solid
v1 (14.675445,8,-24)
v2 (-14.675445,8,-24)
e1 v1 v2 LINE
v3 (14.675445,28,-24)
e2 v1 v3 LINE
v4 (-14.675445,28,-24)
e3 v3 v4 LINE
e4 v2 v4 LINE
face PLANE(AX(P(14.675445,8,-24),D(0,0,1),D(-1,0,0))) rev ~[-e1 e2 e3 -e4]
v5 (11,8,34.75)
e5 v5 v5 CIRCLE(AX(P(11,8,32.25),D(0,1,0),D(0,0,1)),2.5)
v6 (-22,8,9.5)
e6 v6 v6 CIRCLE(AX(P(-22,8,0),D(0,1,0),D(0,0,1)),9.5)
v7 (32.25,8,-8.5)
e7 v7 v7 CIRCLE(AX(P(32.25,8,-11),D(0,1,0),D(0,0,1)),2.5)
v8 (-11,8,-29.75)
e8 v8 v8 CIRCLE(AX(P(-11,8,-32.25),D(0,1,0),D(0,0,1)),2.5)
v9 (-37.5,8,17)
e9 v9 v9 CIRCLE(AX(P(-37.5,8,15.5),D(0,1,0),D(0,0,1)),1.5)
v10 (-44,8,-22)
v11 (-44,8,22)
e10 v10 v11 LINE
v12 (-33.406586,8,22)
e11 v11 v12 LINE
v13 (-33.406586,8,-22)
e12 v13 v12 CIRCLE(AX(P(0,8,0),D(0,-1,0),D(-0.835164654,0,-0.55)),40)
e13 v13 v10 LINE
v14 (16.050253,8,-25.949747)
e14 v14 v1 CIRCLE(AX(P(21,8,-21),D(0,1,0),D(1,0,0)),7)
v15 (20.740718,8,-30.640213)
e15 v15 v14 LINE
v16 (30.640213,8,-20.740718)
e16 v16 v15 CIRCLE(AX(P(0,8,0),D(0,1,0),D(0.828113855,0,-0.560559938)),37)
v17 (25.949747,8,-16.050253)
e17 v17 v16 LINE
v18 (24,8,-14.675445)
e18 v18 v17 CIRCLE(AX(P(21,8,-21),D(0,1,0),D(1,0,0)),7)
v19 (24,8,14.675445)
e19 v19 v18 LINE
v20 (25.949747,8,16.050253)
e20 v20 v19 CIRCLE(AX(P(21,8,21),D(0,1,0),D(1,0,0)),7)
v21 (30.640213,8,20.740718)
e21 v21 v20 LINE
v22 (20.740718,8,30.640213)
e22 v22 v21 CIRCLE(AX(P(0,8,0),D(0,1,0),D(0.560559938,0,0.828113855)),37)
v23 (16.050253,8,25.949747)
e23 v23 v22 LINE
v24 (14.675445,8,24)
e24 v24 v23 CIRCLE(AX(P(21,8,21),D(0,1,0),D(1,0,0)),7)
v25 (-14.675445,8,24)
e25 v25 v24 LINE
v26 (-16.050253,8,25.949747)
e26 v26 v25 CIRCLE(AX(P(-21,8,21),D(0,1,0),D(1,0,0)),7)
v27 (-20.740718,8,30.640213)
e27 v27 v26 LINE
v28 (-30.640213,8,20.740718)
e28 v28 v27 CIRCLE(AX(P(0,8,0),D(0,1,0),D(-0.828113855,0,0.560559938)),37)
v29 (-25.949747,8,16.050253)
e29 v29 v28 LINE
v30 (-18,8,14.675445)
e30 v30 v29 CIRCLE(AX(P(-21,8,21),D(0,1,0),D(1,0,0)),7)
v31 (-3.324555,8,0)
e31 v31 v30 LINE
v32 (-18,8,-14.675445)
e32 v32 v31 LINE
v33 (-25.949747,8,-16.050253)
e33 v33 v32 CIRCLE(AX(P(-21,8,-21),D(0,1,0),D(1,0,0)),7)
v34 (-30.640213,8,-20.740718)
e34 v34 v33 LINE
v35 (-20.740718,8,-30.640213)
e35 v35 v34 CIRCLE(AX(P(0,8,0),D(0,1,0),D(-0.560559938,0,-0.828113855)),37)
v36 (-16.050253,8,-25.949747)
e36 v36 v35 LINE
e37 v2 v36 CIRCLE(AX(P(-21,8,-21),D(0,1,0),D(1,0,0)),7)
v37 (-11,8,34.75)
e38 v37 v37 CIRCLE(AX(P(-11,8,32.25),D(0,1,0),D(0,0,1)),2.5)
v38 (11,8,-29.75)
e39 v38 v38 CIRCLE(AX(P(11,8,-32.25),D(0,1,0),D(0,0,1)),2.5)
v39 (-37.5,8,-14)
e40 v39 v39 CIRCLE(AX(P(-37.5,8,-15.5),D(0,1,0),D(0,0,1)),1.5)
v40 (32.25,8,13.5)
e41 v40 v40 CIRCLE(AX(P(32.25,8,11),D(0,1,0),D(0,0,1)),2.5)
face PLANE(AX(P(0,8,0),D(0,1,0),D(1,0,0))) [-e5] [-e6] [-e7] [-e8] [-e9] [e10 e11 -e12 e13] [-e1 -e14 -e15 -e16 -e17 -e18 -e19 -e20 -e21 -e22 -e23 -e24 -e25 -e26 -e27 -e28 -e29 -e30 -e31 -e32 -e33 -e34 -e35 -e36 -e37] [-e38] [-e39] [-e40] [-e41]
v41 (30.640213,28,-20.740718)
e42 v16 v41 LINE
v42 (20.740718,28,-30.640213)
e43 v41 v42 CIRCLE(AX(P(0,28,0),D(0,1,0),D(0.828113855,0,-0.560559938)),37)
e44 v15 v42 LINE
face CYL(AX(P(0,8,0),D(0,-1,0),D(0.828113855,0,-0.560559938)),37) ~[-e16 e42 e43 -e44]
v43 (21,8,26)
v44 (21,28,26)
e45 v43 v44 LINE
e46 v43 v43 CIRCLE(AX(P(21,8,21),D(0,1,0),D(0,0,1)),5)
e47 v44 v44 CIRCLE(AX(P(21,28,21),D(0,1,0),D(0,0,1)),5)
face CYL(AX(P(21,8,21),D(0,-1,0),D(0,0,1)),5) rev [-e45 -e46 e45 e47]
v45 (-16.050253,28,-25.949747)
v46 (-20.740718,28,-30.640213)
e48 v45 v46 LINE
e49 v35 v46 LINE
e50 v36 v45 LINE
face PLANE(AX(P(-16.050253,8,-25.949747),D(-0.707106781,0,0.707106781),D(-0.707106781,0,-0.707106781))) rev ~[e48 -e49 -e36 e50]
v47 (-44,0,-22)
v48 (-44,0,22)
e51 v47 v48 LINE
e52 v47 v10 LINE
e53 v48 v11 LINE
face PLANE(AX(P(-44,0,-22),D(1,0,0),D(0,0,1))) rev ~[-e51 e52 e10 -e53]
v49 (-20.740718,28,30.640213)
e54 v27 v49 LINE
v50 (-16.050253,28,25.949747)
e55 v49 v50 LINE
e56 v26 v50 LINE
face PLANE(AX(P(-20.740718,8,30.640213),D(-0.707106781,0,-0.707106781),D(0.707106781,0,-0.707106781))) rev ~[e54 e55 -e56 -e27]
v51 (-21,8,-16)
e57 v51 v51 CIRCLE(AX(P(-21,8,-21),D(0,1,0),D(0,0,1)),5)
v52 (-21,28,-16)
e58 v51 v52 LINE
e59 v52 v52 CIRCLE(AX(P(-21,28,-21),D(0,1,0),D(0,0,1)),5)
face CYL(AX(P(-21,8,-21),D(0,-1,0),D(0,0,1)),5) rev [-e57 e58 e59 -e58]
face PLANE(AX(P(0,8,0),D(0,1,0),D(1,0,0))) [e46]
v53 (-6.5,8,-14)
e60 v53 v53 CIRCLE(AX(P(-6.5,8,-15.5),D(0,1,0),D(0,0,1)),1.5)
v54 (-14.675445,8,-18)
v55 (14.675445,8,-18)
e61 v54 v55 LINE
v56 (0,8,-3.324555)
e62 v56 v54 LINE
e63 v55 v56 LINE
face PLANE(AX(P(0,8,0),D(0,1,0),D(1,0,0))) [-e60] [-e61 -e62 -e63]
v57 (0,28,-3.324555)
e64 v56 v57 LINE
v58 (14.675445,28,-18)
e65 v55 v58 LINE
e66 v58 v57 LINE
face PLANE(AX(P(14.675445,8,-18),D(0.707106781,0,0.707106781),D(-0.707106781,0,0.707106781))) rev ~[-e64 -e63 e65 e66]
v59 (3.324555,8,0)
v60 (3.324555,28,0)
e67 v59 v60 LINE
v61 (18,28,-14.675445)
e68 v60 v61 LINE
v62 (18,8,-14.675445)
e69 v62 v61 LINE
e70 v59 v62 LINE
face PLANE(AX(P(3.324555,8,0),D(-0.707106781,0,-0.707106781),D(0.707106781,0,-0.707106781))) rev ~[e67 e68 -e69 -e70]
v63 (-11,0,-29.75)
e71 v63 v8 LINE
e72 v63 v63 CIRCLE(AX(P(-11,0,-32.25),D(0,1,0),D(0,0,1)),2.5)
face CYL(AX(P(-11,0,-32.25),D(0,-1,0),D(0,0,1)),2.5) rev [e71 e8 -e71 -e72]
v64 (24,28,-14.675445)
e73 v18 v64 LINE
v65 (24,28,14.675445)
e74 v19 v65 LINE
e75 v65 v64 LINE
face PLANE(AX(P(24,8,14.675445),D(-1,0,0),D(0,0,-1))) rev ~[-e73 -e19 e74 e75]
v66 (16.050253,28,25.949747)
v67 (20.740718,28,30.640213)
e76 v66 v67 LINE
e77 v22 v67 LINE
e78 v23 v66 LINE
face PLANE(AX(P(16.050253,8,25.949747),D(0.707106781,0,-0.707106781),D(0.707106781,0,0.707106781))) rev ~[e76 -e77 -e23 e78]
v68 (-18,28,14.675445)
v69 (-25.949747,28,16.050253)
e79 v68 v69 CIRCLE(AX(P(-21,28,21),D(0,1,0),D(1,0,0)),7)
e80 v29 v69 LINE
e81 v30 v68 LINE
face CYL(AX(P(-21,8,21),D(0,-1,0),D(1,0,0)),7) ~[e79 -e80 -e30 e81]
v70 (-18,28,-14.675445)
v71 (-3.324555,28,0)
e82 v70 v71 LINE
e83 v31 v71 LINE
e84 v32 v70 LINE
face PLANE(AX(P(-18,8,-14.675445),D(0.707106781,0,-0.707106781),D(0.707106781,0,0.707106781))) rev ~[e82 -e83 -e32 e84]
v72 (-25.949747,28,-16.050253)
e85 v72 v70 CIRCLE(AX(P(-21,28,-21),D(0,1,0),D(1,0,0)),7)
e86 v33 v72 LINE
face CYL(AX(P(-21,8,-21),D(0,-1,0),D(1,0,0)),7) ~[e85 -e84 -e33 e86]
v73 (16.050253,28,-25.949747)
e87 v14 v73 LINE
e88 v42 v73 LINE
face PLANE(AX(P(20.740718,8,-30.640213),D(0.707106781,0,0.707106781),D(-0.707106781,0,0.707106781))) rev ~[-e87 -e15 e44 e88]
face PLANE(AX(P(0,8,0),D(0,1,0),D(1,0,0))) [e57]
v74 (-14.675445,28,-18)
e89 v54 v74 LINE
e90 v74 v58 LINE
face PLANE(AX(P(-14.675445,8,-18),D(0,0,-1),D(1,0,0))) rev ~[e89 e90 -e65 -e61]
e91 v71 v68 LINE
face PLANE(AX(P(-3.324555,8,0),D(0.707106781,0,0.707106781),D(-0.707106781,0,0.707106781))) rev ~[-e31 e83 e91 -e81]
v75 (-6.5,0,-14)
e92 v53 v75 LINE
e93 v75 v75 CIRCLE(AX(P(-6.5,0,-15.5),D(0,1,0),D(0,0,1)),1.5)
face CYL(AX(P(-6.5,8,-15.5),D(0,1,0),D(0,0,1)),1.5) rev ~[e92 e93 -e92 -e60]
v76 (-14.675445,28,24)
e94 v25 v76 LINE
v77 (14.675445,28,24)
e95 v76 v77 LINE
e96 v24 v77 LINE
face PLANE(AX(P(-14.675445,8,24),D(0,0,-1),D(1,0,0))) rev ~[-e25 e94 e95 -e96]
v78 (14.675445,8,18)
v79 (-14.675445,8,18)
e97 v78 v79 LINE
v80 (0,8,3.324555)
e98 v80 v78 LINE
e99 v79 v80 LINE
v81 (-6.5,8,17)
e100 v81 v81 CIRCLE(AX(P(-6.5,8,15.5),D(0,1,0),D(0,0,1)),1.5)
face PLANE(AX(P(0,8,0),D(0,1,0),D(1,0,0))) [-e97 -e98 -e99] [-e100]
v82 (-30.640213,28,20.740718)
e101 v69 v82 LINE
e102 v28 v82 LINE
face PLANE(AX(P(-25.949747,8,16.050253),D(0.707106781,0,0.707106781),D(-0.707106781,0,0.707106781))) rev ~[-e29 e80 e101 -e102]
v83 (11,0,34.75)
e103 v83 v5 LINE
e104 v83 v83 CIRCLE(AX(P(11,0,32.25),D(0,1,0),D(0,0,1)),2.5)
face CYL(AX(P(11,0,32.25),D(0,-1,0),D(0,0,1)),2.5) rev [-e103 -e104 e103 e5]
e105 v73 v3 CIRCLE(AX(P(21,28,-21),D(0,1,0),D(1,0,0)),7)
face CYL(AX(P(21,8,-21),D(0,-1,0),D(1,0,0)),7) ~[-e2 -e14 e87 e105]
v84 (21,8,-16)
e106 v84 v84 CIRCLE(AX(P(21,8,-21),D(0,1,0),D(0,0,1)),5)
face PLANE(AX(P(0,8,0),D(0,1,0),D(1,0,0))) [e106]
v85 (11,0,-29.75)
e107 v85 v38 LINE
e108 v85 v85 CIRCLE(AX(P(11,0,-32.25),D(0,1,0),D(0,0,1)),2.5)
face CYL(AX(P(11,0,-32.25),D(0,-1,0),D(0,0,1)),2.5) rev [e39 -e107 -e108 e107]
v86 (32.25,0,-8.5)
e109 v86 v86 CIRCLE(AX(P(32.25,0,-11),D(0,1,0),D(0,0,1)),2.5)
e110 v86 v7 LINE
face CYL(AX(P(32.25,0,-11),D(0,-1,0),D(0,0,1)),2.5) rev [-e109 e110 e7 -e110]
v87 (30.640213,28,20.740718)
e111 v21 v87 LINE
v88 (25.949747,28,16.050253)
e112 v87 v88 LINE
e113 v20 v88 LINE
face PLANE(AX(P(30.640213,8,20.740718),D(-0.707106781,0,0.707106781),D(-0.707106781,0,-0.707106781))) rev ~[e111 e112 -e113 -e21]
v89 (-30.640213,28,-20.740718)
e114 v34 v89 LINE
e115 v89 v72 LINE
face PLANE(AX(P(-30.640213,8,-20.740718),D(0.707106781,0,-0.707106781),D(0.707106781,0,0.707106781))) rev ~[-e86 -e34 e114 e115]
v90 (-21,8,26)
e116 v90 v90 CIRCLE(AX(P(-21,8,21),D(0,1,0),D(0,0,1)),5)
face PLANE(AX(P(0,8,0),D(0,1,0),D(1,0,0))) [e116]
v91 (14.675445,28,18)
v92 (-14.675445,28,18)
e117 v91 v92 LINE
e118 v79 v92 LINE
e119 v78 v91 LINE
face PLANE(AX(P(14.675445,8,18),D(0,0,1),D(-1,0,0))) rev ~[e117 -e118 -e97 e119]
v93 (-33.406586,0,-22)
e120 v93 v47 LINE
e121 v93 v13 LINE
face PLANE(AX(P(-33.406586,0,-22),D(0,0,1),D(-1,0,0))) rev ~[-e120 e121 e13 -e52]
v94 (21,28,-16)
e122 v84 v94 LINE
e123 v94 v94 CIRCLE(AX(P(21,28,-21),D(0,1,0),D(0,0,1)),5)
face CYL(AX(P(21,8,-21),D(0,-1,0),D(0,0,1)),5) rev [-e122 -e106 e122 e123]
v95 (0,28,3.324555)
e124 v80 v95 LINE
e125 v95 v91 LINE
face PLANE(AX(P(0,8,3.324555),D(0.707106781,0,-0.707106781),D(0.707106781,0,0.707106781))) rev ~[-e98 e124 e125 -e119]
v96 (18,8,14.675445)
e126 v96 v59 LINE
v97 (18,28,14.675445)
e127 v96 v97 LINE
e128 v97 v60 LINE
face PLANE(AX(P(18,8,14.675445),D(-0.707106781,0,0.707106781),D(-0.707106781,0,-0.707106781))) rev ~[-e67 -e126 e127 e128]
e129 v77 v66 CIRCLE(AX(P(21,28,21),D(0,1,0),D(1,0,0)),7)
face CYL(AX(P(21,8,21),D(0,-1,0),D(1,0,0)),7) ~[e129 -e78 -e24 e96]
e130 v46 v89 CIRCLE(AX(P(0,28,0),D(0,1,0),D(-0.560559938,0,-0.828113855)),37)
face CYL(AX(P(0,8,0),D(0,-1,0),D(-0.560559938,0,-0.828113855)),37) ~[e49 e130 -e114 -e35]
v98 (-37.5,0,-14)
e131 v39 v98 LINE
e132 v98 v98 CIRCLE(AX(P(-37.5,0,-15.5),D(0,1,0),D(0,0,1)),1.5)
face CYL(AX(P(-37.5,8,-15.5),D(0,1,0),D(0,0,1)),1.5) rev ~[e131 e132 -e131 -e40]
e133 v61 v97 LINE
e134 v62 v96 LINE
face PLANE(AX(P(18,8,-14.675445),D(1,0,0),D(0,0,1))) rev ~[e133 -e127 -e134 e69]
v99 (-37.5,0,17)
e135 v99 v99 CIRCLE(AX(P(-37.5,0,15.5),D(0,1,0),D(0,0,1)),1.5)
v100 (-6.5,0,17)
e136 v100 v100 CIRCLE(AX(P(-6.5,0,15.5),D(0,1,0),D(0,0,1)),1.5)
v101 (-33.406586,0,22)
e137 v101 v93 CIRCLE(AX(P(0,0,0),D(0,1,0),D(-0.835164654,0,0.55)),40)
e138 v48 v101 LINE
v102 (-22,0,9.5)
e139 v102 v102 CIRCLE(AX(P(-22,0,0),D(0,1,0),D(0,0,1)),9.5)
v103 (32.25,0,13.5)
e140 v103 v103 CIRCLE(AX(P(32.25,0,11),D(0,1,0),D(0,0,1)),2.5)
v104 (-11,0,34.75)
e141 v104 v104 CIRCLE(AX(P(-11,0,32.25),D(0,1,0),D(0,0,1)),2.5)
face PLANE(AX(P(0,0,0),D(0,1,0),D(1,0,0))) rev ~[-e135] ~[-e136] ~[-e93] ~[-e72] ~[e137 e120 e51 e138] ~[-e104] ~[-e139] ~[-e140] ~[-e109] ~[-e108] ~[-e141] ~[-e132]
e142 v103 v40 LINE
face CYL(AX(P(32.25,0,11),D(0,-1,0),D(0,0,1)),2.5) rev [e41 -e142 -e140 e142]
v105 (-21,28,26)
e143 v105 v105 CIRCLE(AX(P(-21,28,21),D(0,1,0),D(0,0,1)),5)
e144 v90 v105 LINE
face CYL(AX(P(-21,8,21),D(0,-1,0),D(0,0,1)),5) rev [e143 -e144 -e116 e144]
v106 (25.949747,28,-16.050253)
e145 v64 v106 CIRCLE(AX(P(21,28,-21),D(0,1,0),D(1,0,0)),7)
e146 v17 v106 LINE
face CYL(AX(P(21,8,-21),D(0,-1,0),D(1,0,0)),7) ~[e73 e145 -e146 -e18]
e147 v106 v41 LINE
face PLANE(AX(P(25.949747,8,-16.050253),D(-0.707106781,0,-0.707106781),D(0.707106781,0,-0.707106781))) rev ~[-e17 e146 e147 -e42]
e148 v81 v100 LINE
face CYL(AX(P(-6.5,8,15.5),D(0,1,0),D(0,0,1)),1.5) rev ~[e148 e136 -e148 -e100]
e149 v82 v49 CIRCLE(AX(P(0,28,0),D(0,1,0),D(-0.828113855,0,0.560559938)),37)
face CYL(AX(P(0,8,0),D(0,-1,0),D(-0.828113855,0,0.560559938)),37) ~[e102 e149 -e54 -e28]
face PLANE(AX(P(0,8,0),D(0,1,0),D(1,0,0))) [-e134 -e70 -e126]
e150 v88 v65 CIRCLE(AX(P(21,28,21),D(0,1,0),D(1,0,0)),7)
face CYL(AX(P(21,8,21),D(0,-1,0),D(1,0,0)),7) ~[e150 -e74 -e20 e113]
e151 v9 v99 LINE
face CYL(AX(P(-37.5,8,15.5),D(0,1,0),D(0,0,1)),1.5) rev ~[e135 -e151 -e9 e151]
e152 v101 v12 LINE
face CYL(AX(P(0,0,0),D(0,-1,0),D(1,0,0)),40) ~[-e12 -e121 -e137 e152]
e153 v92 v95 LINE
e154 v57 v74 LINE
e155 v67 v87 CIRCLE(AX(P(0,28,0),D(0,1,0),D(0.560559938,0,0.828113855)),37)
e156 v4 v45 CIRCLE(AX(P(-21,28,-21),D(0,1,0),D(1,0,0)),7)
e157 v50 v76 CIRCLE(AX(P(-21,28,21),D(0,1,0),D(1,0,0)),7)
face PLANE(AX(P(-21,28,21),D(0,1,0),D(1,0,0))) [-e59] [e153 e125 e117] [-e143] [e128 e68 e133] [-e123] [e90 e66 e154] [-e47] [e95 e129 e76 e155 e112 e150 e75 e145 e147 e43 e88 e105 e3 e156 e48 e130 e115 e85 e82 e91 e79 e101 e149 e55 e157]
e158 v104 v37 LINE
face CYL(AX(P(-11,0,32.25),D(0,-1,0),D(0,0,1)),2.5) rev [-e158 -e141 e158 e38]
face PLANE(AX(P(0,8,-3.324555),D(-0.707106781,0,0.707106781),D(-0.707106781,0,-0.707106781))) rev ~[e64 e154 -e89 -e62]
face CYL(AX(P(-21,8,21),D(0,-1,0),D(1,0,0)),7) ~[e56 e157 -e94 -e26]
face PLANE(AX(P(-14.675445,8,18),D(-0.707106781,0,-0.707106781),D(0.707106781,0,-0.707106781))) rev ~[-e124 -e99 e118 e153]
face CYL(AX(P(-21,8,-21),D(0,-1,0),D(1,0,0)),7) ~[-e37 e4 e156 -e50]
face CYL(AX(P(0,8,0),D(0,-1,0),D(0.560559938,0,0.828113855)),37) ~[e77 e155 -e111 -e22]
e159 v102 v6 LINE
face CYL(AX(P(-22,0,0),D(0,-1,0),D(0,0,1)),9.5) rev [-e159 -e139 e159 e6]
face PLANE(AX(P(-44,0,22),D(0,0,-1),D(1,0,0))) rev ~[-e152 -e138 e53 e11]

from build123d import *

# Parameters (mm, degrees)
SKETCH1_R           = 40
SKETCH1_R_2         = 9.5
SKETCH1_R_3         = 2.5
BOSS_EXTRUDE2_DEPTH = 8
SKETCH3_R           = 1.5
CUT_EXTRUDE1_DEPTH  = 8
SKETCH4_R           = 7
SKETCH4_R_2         = 5
BOSS_EXTRUDE6_DEPTH = 20


with BuildPart() as part:
    # Sketch1 → Boss-Extrude2 (new body)
    # profile 1 of 2: a face of its own
    with BuildSketch(Plane(origin=(0, 0, 0), x_dir=(1, 0, 0), z_dir=(0, 1, 0))):
        with BuildLine():
            Line((-44, 22), (-44, -22))
            Line((-44, -22), (-33.406586177, -22))
            ThreePointArc((-33.406586177, -22), (-40, 0), (-33.406586177, 22))
            Line((-33.406586177, 22), (-44, 22))
        make_face()
    # profile 2 of 2: a face of its own
    with BuildSketch(Plane(origin=(0, 0, 0), x_dir=(1, 0, 0), z_dir=(0, 1, 0))):
        Circle(SKETCH1_R)
        with Locations(Location((-22, 0, 0), (0, 0, 270))):
            Circle(SKETCH1_R_2, mode=Mode.SUBTRACT)
        with Locations(Location((11, 32.25, 0), (0, 0, 270))):
            Circle(SKETCH1_R_3, mode=Mode.SUBTRACT)
        with Locations(Location((-11, 32.25, 0), (0, 0, 270))):
            Circle(SKETCH1_R_3, mode=Mode.SUBTRACT)
        with Locations(Location((11, -32.25, 0), (0, 0, 270))):
            Circle(SKETCH1_R_3, mode=Mode.SUBTRACT)
        with Locations(Location((-11, -32.25, 0), (0, 0, 270))):
            Circle(SKETCH1_R_3, mode=Mode.SUBTRACT)
        with Locations(Location((32.25, -11, 0), (0, 0, 270))):
            Circle(SKETCH1_R_3, mode=Mode.SUBTRACT)
        with Locations(Location((32.25, 11, 0), (0, 0, 270))):
            Circle(SKETCH1_R_3, mode=Mode.SUBTRACT)
    extrude(amount=BOSS_EXTRUDE2_DEPTH)

    # Sketch3 → Cut-Extrude1 (cut)
    with BuildSketch(Plane(origin=(0, 8, 0), x_dir=(1, 0, 0), z_dir=(0, 1, 0))):
        with Locations(Location((-37.5, 15.5, 0), (0, 0, 270))):
            Circle(SKETCH3_R)
        with Locations(Location((-6.5, 15.5, 0), (0, 0, 270))):
            Circle(SKETCH3_R)
        with Locations(Location((-6.5, -15.5, 0), (0, 0, 270))):
            Circle(SKETCH3_R)
        with Locations(Location((-37.5, -15.5, 0), (0, 0, 270))):
            Circle(SKETCH3_R)
    extrude(amount=-CUT_EXTRUDE1_DEPTH, mode=Mode.SUBTRACT)

    # Sketch4 → Boss-Extrude6 (add)
    # profile 1 of 16: a face of its own
    with BuildSketch(Plane(origin=(0, 8, 0), x_dir=(1, 0, 0), z_dir=(0, 1, 0))):
        with Locations((-21, -21)):
            Circle(SKETCH4_R)
        with Locations(Location((-21, -21, 0), (0, 0, 270))):
            Circle(SKETCH4_R_2, mode=Mode.SUBTRACT)
    # profile 2 of 16: a face of its own
    with BuildSketch(Plane(origin=(0, 8, 0), x_dir=(1, 0, 0), z_dir=(0, 1, 0))):
        with BuildLine():
            ThreePointArc((-16.050252532, -25.949747468), (-25.949747468, -25.949747468), (-25.949747468, -16.050252532))
            Line((-25.949747468, -16.050252532), (-30.640212626, -20.740717689))
            ThreePointArc((-30.640212626, -20.740717689), (-26.162950904, -26.162950904), (-20.740717689, -30.640212626))
            Line((-20.740717689, -30.640212626), (-16.050252532, -25.949747468))
        make_face()
    # profile 3 of 16: a face of its own
    with BuildSketch(Plane(origin=(0, 8, 0), x_dir=(1, 0, 0), z_dir=(0, 1, 0))):
        with BuildLine():
            Line((-14.67544468, -18), (0, -3.32455532))
            Line((0, -3.32455532), (-3.32455532, 0))
            Line((-3.32455532, 0), (-18, -14.67544468))
            ThreePointArc((-18, -14.67544468), (-16.050252532, -16.050252532), (-14.67544468, -18))
        make_face()
    # profile 4 of 16: a face of its own
    with BuildSketch(Plane(origin=(0, 8, 0), x_dir=(1, 0, 0), z_dir=(0, 1, 0))):
        with BuildLine():
            ThreePointArc((14.67544468, -24), (14, -21), (14.67544468, -18))
            Line((14.67544468, -18), (14, -18))
            Line((14, -18), (-14.67544468, -18))
            ThreePointArc((-14.67544468, -18), (-14.170948556, -19.462451178), (-14, -21))
            ThreePointArc((-14, -21), (-14.170948556, -22.537548822), (-14.67544468, -24))
            Line((-14.67544468, -24), (14, -24))
            Line((14, -24), (14.67544468, -24))
        make_face()
    # profile 5 of 16: a face of its own
    with BuildSketch(Plane(origin=(0, 8, 0), x_dir=(1, 0, 0), z_dir=(0, 1, 0))):
        with Locations((21, -21)):
            Circle(SKETCH4_R)
        with Locations(Location((21, -21, 0), (0, 0, 270))):
            Circle(SKETCH4_R_2, mode=Mode.SUBTRACT)
    # profile 6 of 16: a face of its own
    with BuildSketch(Plane(origin=(0, 8, 0), x_dir=(1, 0, 0), z_dir=(0, 1, 0))):
        with BuildLine():
            Line((30.640212626, -20.740717689), (25.949747468, -16.050252532))
            ThreePointArc((25.949747468, -16.050252532), (27.467156728, -18.321215973), (28, -21))
            ThreePointArc((28, -21), (23.678784027, -27.467156728), (16.050252532, -25.949747468))
            Line((16.050252532, -25.949747468), (20.740717689, -30.640212626))
            ThreePointArc((20.740717689, -30.640212626), (26.162950904, -26.162950904), (30.640212626, -20.740717689))
        make_face()
    # profile 7 of 16: a face of its own
    with BuildSketch(Plane(origin=(0, 8, 0), x_dir=(1, 0, 0), z_dir=(0, 1, 0))):
        with BuildLine():
            ThreePointArc((14.67544468, -18), (16.050252532, -16.050252532), (18, -14.67544468))
            Line((18, -14.67544468), (3.32455532, 0))
            Line((3.32455532, 0), (0, -3.32455532))
            Line((0, -3.32455532), (14.67544468, -18))
        make_face()
    # profile 8 of 16: a face of its own
    with BuildSketch(Plane(origin=(0, 8, 0), x_dir=(1, 0, 0), z_dir=(0, 1, 0))):
        with BuildLine():
            Line((24, -14.446329174), (24, 14))
            Line((24, 14), (24, 14.67544468))
            ThreePointArc((24, 14.67544468), (21, 14), (18, 14.67544468))
            Line((18, 14.67544468), (18, 14))
            Line((18, 14), (18, -14.111462488))
            Line((18, -14.111462488), (18, -14.67544468))
            ThreePointArc((18, -14.67544468), (21, -14), (24, -14.67544468))
            Line((24, -14.67544468), (24, -14.446329174))
        make_face()
    # profile 9 of 16: a face of its own
    with BuildSketch(Plane(origin=(0, 8, 0), x_dir=(1, 0, 0), z_dir=(0, 1, 0))):
        with BuildLine():
            Line((3.32455532, 0), (18, 14.67544468))
            ThreePointArc((18, 14.67544468), (16.050252532, 16.050252532), (14.67544468, 18))
            Line((14.67544468, 18), (0, 3.32455532))
            Line((0, 3.32455532), (3.32455532, 0))
        make_face()
    # profile 10 of 16: a face of its own
    with BuildSketch(Plane(origin=(0, 8, 0), x_dir=(1, 0, 0), z_dir=(0, 1, 0))):
        Polygon((0, -3.32455532), (3.32455532, 0), (0, 3.32455532), (-3.32455532, 0), align=None)
    # profile 11 of 16: a face of its own
    with BuildSketch(Plane(origin=(0, 8, 0), x_dir=(1, 0, 0), z_dir=(0, 1, 0))):
        with BuildLine():
            Line((-3.32455532, 0), (0, 3.32455532))
            Line((0, 3.32455532), (-14.67544468, 18))
            ThreePointArc((-14.67544468, 18), (-16.050252532, 16.050252532), (-18, 14.67544468))
            Line((-18, 14.67544468), (-3.32455532, 0))
        make_face()
    # profile 12 of 16: a face of its own
    with BuildSketch(Plane(origin=(0, 8, 0), x_dir=(1, 0, 0), z_dir=(0, 1, 0))):
        with BuildLine():
            Line((13.75, 18), (14.67544468, 18))
            ThreePointArc((14.67544468, 18), (14, 21), (14.67544468, 24))
            Line((14.67544468, 24), (-13, 24))
            Line((-13, 24), (-13.890574763, 24))
            Line((-13.890574763, 24), (-14.67544468, 24))
            ThreePointArc((-14.67544468, 24), (-14.170948556, 22.537548822), (-14, 21))
            ThreePointArc((-14, 21), (-14.170948556, 19.462451178), (-14.67544468, 18))
            Line((-14.67544468, 18), (-14.243300619, 18))
            Line((-14.243300619, 18), (13.75, 18))
        make_face()
    # profile 13 of 16: a face of its own
    with BuildSketch(Plane(origin=(0, 8, 0), x_dir=(1, 0, 0), z_dir=(0, 1, 0))):
        with Locations((21, 21)):
            Circle(SKETCH4_R)
        with Locations(Location((21, 21, 0), (0, 0, 270))):
            Circle(SKETCH4_R_2, mode=Mode.SUBTRACT)
    # profile 14 of 16: a face of its own
    with BuildSketch(Plane(origin=(0, 8, 0), x_dir=(1, 0, 0), z_dir=(0, 1, 0))):
        with BuildLine():
            ThreePointArc((28, 21), (27.467156728, 18.321215973), (25.949747468, 16.050252532))
            Line((25.949747468, 16.050252532), (30.640212626, 20.740717689))
            ThreePointArc((30.640212626, 20.740717689), (26.162950904, 26.162950904), (20.740717689, 30.640212626))
            Line((20.740717689, 30.640212626), (16.050252532, 25.949747468))
            ThreePointArc((16.050252532, 25.949747468), (23.678784027, 27.467156728), (28, 21))
        make_face()
    # profile 15 of 16: a face of its own
    with BuildSketch(Plane(origin=(0, 8, 0), x_dir=(1, 0, 0), z_dir=(0, 1, 0))):
        with BuildLine():
            Line((-16.050252532, 25.949747468), (-20.740717689, 30.640212626))
            ThreePointArc((-20.740717689, 30.640212626), (-26.162950904, 26.162950904), (-30.640212626, 20.740717689))
            Line((-30.640212626, 20.740717689), (-25.949747469, 16.050252532))
            ThreePointArc((-25.949747469, 16.050252532), (-25.949747469, 25.949747468), (-16.050252532, 25.949747468))
        make_face()
    # profile 16 of 16: a face of its own
    with BuildSketch(Plane(origin=(0, 8, 0), x_dir=(1, 0, 0), z_dir=(0, 1, 0))):
        with Locations((-21, 21)):
            Circle(SKETCH4_R)
        with Locations(Location((-21, 21, 0), (0, 0, 270))):
            Circle(SKETCH4_R_2, mode=Mode.SUBTRACT)
    extrude(amount=BOSS_EXTRUDE6_DEPTH)


solid = part.part
